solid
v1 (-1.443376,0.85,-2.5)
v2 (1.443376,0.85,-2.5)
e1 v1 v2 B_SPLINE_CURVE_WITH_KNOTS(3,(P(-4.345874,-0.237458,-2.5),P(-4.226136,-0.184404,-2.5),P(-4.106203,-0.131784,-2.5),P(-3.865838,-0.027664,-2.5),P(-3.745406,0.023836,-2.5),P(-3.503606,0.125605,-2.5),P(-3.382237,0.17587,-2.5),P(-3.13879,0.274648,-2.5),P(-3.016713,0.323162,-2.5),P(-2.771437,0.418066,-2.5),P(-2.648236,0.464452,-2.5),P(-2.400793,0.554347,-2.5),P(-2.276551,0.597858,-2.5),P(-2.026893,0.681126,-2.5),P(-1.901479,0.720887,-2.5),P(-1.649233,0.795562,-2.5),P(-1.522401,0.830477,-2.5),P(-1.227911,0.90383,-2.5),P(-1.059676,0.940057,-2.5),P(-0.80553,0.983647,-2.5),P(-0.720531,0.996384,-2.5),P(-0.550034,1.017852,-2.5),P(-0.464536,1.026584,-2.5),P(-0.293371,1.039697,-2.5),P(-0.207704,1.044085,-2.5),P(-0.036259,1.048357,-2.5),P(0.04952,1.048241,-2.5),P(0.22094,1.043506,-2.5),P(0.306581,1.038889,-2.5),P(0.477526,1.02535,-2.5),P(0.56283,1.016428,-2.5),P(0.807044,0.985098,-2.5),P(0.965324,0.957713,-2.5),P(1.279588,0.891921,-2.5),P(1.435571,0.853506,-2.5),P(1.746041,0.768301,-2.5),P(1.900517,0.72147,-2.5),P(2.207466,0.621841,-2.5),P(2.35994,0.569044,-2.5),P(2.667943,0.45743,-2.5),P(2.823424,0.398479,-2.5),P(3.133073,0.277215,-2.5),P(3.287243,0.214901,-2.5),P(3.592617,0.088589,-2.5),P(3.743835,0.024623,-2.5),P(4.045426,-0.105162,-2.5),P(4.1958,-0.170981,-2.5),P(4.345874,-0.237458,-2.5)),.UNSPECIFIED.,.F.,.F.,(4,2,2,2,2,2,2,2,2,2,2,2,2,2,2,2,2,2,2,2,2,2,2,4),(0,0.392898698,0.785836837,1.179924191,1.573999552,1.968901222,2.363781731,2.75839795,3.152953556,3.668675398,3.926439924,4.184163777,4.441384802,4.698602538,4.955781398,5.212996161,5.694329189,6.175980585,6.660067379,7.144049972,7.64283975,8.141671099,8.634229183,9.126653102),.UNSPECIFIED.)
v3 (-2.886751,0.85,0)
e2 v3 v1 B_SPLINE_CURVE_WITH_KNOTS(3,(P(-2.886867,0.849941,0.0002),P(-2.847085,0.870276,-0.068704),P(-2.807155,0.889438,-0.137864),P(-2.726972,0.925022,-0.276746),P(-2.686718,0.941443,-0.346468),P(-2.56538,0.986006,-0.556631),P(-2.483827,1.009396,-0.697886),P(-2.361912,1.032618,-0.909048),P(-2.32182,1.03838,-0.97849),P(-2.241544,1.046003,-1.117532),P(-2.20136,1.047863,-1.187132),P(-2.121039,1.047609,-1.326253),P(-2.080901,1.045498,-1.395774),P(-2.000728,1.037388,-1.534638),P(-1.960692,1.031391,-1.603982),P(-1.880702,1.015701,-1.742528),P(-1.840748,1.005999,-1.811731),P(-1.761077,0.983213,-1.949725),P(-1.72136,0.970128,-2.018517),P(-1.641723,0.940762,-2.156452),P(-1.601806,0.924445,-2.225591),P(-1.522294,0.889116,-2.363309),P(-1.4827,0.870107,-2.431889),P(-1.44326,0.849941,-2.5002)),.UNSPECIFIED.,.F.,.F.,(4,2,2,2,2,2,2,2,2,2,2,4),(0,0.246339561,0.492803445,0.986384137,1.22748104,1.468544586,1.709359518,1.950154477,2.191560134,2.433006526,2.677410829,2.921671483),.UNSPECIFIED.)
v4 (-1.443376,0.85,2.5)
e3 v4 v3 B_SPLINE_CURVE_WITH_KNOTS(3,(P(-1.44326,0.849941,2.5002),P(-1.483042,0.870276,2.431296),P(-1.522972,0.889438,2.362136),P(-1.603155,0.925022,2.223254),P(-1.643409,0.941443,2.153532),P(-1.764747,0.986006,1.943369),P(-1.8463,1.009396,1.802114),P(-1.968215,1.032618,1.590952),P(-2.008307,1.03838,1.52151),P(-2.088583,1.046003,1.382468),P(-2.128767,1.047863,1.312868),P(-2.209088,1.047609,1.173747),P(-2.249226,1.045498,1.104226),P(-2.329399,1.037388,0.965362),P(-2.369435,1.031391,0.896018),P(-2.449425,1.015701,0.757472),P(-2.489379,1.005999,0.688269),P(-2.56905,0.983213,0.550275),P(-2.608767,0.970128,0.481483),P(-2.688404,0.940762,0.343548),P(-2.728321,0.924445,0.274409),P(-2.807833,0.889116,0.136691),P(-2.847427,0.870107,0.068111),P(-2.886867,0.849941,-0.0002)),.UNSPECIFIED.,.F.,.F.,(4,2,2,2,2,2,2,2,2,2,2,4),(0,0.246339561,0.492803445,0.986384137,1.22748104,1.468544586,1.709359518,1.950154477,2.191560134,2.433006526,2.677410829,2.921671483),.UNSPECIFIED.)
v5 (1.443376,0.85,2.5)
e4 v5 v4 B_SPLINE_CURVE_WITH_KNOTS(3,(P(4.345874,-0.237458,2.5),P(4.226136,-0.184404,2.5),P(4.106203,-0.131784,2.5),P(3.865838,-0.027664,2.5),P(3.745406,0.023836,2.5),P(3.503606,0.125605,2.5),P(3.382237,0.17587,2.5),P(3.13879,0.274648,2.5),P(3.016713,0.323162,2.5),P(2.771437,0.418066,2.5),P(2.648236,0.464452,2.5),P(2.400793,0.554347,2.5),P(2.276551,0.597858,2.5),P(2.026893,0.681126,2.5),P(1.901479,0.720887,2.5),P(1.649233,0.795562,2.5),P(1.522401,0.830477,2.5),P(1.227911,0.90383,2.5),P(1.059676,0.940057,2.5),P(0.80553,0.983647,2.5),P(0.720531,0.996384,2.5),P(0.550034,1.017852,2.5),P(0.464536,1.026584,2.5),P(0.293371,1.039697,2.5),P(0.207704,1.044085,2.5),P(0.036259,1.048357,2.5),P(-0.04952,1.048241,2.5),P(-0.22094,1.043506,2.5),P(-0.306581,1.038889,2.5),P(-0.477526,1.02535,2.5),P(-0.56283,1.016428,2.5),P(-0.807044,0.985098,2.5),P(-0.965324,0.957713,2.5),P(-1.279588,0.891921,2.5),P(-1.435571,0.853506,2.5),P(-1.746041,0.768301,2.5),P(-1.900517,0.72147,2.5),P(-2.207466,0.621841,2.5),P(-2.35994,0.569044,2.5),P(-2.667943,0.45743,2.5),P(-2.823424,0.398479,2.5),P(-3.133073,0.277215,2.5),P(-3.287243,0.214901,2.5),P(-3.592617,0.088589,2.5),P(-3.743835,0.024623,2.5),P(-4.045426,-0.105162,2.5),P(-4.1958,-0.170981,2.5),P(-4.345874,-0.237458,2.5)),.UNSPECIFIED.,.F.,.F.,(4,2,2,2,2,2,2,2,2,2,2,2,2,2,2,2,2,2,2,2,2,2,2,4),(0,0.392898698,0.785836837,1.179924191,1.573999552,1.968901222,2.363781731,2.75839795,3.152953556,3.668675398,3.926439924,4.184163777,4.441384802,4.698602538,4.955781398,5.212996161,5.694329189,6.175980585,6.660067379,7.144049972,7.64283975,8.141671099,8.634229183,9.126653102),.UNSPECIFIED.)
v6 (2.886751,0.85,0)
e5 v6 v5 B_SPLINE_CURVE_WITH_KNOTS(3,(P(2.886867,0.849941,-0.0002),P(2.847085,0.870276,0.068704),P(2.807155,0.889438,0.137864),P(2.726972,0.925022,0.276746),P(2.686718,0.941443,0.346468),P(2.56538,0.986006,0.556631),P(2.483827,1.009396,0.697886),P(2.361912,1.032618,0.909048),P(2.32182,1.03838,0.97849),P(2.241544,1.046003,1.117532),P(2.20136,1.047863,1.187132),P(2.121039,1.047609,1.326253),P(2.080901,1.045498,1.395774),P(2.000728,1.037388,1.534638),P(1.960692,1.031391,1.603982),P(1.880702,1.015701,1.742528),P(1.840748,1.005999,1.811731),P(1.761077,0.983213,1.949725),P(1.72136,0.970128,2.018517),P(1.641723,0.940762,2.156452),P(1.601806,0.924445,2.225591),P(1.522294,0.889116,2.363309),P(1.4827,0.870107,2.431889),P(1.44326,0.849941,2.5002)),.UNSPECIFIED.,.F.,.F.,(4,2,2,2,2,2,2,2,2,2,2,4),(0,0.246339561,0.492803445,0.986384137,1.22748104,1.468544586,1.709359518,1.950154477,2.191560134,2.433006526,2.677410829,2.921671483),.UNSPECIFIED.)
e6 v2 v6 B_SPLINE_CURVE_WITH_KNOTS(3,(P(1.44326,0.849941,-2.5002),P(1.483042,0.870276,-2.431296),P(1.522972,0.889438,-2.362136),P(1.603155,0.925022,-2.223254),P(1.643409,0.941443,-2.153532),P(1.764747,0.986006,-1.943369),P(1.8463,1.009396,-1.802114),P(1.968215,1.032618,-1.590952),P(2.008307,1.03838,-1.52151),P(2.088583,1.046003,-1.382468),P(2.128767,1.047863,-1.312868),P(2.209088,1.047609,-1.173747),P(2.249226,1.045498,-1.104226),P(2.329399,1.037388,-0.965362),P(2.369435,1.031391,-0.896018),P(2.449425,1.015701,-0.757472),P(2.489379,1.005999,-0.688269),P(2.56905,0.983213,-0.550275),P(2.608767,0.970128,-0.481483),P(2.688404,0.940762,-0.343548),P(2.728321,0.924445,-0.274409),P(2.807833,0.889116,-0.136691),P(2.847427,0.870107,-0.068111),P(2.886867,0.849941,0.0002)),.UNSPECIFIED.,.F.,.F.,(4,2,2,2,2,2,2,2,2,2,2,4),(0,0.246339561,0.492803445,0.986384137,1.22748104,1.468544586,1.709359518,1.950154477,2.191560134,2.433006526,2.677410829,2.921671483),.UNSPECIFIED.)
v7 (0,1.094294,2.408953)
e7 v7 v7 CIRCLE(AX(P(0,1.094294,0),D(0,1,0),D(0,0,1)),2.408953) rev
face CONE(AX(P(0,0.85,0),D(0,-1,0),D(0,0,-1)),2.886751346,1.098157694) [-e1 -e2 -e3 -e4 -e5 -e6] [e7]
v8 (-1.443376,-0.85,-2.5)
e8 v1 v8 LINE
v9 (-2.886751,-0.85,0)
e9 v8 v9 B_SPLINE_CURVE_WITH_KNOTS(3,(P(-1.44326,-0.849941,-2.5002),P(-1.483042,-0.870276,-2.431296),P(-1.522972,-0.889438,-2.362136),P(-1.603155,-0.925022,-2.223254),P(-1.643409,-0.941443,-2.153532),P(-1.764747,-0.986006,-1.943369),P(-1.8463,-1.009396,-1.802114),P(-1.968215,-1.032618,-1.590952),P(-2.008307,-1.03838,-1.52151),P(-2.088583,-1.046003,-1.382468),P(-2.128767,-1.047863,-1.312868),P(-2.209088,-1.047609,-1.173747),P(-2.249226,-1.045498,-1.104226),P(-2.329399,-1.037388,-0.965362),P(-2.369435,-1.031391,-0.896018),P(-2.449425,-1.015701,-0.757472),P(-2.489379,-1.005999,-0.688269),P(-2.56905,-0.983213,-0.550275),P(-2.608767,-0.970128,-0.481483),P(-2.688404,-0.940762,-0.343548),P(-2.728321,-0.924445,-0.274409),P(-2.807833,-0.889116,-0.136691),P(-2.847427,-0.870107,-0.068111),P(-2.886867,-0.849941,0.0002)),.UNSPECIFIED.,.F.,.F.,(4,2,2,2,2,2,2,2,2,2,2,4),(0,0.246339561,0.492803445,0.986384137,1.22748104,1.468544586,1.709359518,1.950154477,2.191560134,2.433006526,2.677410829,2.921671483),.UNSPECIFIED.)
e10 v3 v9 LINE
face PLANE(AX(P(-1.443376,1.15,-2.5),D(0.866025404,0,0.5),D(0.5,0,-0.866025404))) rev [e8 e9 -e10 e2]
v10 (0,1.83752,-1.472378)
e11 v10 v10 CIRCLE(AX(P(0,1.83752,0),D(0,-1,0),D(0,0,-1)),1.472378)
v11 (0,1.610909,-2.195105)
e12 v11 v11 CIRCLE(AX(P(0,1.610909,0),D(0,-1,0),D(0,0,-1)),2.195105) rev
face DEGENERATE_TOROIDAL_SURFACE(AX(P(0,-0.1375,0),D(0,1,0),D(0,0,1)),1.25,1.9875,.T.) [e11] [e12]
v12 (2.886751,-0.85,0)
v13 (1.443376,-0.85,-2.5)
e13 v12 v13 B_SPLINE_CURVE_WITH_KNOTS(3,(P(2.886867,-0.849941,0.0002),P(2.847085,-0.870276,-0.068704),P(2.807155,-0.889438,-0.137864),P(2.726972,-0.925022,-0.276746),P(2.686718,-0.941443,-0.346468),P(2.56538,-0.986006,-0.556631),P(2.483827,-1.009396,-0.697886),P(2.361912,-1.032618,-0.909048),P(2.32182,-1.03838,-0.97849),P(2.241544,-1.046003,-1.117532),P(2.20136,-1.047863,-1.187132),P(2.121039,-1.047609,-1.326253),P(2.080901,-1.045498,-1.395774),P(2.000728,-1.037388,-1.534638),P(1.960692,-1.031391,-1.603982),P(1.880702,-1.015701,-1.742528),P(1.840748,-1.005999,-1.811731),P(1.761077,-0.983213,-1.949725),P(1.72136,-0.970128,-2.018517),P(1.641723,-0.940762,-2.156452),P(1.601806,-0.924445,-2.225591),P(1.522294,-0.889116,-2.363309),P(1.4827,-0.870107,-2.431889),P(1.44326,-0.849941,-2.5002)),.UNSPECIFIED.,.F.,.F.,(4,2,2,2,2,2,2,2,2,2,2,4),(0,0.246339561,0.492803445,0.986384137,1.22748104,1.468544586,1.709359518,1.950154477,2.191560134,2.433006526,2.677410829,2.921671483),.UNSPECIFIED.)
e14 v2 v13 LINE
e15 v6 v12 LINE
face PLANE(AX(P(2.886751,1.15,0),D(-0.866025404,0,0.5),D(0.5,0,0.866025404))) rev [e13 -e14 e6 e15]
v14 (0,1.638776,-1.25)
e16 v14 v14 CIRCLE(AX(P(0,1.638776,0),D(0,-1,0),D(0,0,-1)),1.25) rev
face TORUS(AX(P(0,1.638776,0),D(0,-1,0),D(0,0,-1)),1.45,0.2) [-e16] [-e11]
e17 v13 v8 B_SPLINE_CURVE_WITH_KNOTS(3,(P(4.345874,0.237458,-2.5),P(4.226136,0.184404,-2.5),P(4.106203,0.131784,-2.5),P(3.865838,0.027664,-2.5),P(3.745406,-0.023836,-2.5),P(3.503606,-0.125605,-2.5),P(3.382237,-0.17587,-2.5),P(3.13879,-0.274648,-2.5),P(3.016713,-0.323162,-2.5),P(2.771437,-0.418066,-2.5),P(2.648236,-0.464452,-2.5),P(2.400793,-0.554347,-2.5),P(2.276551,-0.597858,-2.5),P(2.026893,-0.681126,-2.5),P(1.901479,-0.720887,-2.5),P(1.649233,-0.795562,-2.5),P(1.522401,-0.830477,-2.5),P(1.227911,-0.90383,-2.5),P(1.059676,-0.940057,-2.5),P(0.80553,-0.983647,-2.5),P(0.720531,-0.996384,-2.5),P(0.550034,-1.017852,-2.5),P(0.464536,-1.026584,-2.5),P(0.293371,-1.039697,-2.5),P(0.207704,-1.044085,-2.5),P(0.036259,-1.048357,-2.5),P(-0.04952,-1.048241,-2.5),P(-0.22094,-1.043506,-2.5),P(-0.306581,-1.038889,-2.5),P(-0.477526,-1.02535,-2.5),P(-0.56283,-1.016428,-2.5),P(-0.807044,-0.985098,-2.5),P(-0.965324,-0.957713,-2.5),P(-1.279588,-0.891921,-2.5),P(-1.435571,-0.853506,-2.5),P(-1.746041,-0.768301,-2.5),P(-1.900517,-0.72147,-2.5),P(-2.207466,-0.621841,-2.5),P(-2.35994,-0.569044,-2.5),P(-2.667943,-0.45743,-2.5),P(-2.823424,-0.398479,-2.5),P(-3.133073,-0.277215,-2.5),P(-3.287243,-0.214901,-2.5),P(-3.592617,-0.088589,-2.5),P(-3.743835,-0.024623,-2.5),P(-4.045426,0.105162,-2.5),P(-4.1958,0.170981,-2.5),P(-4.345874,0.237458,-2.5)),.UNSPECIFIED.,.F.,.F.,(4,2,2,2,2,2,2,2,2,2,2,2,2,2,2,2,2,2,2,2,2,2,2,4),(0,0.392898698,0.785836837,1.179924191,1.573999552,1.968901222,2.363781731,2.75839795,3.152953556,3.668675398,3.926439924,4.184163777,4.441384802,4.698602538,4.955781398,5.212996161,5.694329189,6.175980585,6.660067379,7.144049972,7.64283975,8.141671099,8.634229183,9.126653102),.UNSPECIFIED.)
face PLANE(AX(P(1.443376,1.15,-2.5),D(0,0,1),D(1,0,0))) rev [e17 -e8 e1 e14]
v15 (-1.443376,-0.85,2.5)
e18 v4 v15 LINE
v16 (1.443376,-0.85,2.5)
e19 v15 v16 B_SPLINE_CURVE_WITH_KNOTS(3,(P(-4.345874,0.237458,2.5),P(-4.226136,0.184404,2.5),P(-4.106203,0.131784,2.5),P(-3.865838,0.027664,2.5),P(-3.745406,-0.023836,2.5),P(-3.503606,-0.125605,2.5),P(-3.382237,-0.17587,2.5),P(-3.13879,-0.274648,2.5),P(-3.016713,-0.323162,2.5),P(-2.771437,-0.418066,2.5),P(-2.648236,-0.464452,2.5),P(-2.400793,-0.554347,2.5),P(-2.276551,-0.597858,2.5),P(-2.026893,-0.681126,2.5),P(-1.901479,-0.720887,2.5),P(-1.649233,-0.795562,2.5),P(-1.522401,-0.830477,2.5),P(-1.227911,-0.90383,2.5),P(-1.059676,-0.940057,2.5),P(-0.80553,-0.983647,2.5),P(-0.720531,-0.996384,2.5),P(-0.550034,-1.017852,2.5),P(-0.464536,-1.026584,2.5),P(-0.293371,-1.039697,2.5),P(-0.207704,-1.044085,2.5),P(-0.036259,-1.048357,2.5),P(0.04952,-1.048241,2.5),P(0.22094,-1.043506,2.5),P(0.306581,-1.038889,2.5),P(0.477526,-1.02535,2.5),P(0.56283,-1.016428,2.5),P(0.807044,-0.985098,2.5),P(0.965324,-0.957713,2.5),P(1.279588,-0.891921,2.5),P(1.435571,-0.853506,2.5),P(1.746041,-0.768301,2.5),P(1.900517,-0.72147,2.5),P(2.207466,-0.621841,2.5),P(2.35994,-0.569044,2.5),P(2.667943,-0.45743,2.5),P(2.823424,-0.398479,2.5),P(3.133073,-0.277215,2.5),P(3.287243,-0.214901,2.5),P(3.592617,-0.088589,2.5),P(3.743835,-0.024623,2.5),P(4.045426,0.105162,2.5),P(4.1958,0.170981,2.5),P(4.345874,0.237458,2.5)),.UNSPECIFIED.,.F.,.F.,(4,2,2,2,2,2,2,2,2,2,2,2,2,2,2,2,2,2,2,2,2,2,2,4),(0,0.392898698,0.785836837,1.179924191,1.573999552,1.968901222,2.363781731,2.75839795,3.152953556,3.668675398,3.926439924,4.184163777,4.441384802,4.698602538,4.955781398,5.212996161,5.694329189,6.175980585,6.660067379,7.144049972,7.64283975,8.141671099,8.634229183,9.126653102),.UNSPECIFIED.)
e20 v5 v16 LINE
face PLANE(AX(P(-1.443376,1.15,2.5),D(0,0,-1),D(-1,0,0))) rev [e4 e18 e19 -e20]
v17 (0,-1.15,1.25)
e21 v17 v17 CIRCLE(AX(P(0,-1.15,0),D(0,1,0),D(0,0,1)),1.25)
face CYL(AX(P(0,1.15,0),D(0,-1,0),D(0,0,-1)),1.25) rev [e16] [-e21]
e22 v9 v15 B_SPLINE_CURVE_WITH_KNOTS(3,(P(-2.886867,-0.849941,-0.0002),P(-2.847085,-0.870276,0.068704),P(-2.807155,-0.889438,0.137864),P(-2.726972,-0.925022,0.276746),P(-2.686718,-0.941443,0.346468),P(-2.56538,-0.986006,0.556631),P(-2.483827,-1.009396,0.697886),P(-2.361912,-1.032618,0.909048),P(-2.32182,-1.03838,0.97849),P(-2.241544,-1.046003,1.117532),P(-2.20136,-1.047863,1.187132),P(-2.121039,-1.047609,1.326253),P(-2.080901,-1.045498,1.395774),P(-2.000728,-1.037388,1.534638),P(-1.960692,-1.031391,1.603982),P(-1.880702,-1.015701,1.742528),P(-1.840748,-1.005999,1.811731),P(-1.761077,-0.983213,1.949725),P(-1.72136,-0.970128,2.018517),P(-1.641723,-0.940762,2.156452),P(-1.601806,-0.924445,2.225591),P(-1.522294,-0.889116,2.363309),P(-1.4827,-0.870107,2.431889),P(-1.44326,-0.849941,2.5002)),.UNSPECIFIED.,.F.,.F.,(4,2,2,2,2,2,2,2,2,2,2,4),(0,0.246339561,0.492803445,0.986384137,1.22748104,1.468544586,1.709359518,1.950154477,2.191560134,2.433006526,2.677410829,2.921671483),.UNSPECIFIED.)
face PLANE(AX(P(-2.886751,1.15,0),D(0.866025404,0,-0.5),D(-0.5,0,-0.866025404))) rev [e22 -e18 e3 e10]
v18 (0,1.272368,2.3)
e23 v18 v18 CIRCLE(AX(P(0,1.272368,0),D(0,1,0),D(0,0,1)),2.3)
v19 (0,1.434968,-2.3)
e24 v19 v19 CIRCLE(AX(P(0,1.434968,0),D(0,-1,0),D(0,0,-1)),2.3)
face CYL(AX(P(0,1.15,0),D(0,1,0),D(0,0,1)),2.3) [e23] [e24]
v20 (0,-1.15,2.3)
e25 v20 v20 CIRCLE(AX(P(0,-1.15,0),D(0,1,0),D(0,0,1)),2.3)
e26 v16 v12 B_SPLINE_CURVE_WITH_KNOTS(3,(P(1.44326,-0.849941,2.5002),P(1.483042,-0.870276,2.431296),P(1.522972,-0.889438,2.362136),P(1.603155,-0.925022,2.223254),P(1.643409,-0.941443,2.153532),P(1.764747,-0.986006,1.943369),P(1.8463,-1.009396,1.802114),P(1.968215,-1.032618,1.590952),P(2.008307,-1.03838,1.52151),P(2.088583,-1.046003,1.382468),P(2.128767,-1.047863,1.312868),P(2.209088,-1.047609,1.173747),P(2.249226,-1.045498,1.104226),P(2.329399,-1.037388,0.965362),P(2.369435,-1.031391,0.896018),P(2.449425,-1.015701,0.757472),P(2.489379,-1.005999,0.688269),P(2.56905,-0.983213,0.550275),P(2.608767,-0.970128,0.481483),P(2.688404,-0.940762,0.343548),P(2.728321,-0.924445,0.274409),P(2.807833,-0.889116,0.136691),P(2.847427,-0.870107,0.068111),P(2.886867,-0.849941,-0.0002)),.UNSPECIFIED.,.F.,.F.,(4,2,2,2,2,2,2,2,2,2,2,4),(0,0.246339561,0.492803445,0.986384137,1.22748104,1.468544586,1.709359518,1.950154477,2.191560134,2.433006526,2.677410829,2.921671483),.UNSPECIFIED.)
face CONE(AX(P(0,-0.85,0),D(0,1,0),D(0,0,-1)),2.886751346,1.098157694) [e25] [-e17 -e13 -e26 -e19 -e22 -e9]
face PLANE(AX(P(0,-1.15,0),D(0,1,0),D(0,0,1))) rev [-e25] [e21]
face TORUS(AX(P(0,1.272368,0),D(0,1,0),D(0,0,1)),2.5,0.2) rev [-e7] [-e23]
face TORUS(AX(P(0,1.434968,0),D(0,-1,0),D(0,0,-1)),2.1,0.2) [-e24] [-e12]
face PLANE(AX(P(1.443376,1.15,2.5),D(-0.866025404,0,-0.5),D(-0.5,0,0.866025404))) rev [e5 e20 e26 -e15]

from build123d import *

# Parameters (mm, degrees)
SKETCH_1_R      = 1.25
EXTRUDE_1_DEPTH = 1.15
FILLET_1_R      = 0.2


with BuildPart() as part:
    # 草图1 → 凸台-拉伸1 (new body, symmetric)
    with BuildSketch(Plane(origin=(0, 0, 0), x_dir=(1, 0, 0), z_dir=(0, 1, 0))):
        Polygon((2.886751346, 0), (1.443375673, 2.5), (-1.443375673, 2.5), (-2.886751346, 0), (-1.443375673, -2.5), (1.443375673, -2.5), align=None)
        Circle(SKETCH_1_R, mode=Mode.SUBTRACT)
    extrude(amount=EXTRUDE_1_DEPTH, both=True)

    # 草图2 → 切除-旋转1 (revolve, cut)
    with BuildSketch(Plane.XY):
        Polygon((-2.886751346, 0.85), (-2.3, 1.15), (-2.886751346, 1.15), align=None)
    cut_revolve_1 = revolve(axis=Axis((0, 1.15, 0), (0, -1, 0)), mode=Mode.SUBTRACT)

    # 镜向1: 切除-旋转1 across plane
    add(cut_revolve_1.mirror(Plane.ZX), mode=Mode.SUBTRACT)

    # 草图3 → 旋转1 (revolve)
    with BuildSketch(Plane(origin=(0, 0, 0), x_dir=(0, 0, -1), z_dir=(1, 0, 0))):
        with BuildLine():
            Line((-2.3, 1.15), (-2.3, 1.55))
            ThreePointArc((-2.3, 1.55), (-1.796008242, 1.773528846), (-1.25, 1.85))
            Line((-1.25, 1.85), (-1.25, 1.15))
            Line((-1.25, 1.15), (-2.3, 1.15))
        make_face()
    revolve(axis=Axis((0, 1.15, 0), (0, -1, 0)))

    # 圆角1
    fillet_1_edges = [part.edges().sort_by_distance(p)[0] for p in [
        (1.626345597, 1.15, -1.626345597),
        (0, 1.55, -2.3),
        (0, 1.85, -1.25),
    ]]
    fillet(fillet_1_edges, radius=FILLET_1_R)


solid = part.part
